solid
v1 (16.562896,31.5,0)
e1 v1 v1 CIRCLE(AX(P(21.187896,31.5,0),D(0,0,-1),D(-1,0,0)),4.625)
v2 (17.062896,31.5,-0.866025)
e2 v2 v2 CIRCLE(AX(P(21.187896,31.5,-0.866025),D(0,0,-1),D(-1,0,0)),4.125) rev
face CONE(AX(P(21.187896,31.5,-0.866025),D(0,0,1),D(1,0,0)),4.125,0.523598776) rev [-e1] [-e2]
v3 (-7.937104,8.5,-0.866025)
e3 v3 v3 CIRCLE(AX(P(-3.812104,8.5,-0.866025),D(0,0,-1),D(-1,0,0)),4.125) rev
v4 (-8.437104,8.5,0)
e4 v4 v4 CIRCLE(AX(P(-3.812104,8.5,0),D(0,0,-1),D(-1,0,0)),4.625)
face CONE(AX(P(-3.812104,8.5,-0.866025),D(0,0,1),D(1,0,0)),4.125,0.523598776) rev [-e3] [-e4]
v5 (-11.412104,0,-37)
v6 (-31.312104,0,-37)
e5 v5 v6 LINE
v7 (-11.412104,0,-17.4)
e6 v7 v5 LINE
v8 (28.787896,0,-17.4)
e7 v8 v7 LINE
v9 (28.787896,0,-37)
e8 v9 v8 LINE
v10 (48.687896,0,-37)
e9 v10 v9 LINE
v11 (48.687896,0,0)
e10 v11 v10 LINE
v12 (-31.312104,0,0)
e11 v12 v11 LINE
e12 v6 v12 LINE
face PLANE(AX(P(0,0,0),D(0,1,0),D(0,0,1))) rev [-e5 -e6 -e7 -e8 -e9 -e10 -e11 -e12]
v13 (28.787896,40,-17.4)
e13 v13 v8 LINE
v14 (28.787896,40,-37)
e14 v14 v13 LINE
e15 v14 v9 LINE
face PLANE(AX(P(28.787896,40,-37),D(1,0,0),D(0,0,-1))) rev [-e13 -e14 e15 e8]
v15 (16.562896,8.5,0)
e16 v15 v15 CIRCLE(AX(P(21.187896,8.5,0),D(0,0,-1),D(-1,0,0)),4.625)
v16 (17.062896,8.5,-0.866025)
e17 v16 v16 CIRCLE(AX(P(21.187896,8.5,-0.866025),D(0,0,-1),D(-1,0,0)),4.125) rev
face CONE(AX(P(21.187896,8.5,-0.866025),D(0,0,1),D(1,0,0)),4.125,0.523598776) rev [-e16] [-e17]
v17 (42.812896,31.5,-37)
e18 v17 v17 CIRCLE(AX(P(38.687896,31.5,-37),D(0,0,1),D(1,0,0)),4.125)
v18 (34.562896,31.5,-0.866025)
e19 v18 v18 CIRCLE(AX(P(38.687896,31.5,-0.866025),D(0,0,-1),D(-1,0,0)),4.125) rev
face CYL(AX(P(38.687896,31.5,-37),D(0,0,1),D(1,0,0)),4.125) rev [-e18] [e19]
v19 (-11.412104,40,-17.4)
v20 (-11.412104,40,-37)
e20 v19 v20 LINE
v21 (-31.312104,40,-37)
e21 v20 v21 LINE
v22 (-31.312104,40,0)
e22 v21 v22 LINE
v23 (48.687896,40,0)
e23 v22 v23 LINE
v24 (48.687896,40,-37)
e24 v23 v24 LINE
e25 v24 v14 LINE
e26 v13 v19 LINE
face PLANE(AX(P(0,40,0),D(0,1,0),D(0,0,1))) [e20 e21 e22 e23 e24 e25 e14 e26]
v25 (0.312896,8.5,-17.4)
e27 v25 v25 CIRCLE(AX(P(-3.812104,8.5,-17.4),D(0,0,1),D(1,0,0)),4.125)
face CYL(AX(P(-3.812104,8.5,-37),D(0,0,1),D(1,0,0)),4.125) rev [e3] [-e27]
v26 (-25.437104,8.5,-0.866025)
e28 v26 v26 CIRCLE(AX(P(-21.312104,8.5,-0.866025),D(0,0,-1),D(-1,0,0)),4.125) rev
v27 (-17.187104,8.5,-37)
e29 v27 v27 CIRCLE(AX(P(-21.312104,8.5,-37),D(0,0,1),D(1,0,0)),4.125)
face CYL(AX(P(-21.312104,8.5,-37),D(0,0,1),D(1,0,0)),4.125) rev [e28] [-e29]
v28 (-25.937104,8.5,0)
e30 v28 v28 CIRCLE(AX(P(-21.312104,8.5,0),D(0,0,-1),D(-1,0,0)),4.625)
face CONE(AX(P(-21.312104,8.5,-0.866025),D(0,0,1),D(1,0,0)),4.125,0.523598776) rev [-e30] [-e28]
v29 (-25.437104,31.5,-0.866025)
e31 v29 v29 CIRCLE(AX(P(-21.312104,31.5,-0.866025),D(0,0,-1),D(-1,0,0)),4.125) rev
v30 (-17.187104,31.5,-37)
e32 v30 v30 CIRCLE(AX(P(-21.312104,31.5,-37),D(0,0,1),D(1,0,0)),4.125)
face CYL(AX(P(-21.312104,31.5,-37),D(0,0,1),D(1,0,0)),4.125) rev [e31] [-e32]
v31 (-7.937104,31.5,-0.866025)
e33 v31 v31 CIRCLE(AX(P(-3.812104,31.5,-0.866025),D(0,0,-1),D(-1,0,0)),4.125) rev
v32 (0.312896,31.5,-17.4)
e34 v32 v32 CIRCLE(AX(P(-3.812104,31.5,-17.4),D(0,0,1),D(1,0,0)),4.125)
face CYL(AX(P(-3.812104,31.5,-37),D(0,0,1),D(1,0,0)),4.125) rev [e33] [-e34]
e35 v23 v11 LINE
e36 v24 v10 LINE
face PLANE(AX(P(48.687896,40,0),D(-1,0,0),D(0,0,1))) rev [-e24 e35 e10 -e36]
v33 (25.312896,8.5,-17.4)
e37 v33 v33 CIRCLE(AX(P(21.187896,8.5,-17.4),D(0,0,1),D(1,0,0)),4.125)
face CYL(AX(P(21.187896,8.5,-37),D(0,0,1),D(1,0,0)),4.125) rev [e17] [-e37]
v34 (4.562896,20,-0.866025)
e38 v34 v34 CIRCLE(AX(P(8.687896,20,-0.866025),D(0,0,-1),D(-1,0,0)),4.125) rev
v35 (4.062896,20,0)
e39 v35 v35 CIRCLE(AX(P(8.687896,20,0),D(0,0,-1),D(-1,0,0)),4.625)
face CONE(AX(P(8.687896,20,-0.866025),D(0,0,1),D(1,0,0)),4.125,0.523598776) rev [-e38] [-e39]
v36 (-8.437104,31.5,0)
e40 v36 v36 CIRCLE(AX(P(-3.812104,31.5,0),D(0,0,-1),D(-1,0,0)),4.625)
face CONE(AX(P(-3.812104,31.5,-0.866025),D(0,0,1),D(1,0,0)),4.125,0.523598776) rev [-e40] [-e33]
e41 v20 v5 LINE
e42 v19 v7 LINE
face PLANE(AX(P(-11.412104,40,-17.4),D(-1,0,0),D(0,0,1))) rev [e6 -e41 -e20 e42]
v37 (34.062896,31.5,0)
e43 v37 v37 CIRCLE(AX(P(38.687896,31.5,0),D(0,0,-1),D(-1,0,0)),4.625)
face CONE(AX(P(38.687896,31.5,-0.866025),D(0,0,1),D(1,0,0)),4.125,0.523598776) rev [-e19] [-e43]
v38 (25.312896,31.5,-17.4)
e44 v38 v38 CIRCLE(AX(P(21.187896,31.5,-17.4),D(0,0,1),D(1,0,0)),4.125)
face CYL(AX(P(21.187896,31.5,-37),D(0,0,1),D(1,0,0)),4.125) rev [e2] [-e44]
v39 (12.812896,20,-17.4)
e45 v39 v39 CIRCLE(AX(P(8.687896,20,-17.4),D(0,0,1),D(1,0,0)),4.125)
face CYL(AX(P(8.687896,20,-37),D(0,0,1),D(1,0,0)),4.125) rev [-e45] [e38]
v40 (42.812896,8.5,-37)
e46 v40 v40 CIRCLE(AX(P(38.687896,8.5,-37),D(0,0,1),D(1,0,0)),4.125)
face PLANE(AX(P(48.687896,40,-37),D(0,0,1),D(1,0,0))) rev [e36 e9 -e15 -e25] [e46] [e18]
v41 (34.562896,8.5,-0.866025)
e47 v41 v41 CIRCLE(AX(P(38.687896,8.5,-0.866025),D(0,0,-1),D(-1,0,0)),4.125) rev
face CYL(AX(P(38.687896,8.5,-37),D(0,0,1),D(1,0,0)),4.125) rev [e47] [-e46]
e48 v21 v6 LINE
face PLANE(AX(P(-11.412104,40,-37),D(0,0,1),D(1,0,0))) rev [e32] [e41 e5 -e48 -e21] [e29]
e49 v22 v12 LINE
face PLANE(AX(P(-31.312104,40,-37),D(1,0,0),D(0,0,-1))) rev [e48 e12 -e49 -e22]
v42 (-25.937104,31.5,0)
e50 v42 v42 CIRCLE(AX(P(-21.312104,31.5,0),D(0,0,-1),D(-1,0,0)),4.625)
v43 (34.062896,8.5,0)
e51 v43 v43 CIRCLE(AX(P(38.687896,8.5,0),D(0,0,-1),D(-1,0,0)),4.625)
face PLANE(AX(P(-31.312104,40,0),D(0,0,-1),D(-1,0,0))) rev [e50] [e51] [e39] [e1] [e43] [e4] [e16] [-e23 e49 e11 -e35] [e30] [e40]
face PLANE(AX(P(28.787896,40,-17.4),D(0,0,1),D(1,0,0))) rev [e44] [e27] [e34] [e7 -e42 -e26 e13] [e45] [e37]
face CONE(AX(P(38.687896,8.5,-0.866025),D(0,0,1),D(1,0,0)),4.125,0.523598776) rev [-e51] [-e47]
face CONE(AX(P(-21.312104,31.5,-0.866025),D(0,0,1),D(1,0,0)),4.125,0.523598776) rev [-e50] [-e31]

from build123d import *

# Parameters (mm, degrees)
BOSS_EXTRUDE2_DEPTH = 40
SKETCH3_R           = 4.125
CUT_EXTRUDE1_DEPTH  = 38
CHAMFER1_SIZE       = 0.5
CHAMFER1_SIZE2      = 0.866025404


with BuildPart() as part:
    # Sketch2 → Boss-Extrude2 (new body)
    with BuildSketch(Plane(origin=(0, 0, 0), x_dir=(1, 0, 0), z_dir=(0, 1, 0))):
        Polygon((-31.312103746, 37), (-31.312103746, 0), (48.687896254, 0), (48.687896254, 37), (28.787896254, 37), (28.787896254, 17.4), (-11.412103746, 17.4), (-11.412103746, 37), align=None)
    extrude(amount=BOSS_EXTRUDE2_DEPTH)

    # Sketch3 → Cut-Extrude1 (cut, through all)
    with BuildSketch(Plane.XY):
        with Locations((-3.812103746, 31.5)):
            Circle(SKETCH3_R)
        with Locations((21.187896254, 31.5)):
            Circle(SKETCH3_R)
        with Locations((21.187896254, 8.5)):
            Circle(SKETCH3_R)
        with Locations((-3.812103746, 8.5)):
            Circle(SKETCH3_R)
        with Locations((-21.312103746, 31.5)):
            Circle(SKETCH3_R)
        with Locations((38.687896254, 31.5)):
            Circle(SKETCH3_R)
        with Locations((38.687896254, 8.5)):
            Circle(SKETCH3_R)
        with Locations((-21.312103746, 8.5)):
            Circle(SKETCH3_R)
        with Locations((8.687896254, 20)):
            Circle(SKETCH3_R)
    extrude(amount=-CUT_EXTRUDE1_DEPTH, mode=Mode.SUBTRACT)

    # Chamfer1
    chamfer1_edges = [part.edges().sort_by_distance(p)[0] for p in [
        (-7.937103746, 31.5, 0),
        (4.562896254, 20, 0),
        (-25.437103746, 8.5, 0),
        (34.562896254, 8.5, 0),
        (34.562896254, 31.5, 0),
        (-25.437103746, 31.5, 0),
        (-7.937103746, 8.5, 0),
        (17.062896254, 8.5, 0),
        (17.062896254, 31.5, 0),
    ]]
    chamfer1_side = [part.faces().sort_by_distance(p)[0] for p in [
        (-30.417676555, 20, 0),
    ]]
    chamfer(chamfer1_edges, length=CHAMFER1_SIZE, length2=CHAMFER1_SIZE2, reference=chamfer1_side[0])


solid = part.part
